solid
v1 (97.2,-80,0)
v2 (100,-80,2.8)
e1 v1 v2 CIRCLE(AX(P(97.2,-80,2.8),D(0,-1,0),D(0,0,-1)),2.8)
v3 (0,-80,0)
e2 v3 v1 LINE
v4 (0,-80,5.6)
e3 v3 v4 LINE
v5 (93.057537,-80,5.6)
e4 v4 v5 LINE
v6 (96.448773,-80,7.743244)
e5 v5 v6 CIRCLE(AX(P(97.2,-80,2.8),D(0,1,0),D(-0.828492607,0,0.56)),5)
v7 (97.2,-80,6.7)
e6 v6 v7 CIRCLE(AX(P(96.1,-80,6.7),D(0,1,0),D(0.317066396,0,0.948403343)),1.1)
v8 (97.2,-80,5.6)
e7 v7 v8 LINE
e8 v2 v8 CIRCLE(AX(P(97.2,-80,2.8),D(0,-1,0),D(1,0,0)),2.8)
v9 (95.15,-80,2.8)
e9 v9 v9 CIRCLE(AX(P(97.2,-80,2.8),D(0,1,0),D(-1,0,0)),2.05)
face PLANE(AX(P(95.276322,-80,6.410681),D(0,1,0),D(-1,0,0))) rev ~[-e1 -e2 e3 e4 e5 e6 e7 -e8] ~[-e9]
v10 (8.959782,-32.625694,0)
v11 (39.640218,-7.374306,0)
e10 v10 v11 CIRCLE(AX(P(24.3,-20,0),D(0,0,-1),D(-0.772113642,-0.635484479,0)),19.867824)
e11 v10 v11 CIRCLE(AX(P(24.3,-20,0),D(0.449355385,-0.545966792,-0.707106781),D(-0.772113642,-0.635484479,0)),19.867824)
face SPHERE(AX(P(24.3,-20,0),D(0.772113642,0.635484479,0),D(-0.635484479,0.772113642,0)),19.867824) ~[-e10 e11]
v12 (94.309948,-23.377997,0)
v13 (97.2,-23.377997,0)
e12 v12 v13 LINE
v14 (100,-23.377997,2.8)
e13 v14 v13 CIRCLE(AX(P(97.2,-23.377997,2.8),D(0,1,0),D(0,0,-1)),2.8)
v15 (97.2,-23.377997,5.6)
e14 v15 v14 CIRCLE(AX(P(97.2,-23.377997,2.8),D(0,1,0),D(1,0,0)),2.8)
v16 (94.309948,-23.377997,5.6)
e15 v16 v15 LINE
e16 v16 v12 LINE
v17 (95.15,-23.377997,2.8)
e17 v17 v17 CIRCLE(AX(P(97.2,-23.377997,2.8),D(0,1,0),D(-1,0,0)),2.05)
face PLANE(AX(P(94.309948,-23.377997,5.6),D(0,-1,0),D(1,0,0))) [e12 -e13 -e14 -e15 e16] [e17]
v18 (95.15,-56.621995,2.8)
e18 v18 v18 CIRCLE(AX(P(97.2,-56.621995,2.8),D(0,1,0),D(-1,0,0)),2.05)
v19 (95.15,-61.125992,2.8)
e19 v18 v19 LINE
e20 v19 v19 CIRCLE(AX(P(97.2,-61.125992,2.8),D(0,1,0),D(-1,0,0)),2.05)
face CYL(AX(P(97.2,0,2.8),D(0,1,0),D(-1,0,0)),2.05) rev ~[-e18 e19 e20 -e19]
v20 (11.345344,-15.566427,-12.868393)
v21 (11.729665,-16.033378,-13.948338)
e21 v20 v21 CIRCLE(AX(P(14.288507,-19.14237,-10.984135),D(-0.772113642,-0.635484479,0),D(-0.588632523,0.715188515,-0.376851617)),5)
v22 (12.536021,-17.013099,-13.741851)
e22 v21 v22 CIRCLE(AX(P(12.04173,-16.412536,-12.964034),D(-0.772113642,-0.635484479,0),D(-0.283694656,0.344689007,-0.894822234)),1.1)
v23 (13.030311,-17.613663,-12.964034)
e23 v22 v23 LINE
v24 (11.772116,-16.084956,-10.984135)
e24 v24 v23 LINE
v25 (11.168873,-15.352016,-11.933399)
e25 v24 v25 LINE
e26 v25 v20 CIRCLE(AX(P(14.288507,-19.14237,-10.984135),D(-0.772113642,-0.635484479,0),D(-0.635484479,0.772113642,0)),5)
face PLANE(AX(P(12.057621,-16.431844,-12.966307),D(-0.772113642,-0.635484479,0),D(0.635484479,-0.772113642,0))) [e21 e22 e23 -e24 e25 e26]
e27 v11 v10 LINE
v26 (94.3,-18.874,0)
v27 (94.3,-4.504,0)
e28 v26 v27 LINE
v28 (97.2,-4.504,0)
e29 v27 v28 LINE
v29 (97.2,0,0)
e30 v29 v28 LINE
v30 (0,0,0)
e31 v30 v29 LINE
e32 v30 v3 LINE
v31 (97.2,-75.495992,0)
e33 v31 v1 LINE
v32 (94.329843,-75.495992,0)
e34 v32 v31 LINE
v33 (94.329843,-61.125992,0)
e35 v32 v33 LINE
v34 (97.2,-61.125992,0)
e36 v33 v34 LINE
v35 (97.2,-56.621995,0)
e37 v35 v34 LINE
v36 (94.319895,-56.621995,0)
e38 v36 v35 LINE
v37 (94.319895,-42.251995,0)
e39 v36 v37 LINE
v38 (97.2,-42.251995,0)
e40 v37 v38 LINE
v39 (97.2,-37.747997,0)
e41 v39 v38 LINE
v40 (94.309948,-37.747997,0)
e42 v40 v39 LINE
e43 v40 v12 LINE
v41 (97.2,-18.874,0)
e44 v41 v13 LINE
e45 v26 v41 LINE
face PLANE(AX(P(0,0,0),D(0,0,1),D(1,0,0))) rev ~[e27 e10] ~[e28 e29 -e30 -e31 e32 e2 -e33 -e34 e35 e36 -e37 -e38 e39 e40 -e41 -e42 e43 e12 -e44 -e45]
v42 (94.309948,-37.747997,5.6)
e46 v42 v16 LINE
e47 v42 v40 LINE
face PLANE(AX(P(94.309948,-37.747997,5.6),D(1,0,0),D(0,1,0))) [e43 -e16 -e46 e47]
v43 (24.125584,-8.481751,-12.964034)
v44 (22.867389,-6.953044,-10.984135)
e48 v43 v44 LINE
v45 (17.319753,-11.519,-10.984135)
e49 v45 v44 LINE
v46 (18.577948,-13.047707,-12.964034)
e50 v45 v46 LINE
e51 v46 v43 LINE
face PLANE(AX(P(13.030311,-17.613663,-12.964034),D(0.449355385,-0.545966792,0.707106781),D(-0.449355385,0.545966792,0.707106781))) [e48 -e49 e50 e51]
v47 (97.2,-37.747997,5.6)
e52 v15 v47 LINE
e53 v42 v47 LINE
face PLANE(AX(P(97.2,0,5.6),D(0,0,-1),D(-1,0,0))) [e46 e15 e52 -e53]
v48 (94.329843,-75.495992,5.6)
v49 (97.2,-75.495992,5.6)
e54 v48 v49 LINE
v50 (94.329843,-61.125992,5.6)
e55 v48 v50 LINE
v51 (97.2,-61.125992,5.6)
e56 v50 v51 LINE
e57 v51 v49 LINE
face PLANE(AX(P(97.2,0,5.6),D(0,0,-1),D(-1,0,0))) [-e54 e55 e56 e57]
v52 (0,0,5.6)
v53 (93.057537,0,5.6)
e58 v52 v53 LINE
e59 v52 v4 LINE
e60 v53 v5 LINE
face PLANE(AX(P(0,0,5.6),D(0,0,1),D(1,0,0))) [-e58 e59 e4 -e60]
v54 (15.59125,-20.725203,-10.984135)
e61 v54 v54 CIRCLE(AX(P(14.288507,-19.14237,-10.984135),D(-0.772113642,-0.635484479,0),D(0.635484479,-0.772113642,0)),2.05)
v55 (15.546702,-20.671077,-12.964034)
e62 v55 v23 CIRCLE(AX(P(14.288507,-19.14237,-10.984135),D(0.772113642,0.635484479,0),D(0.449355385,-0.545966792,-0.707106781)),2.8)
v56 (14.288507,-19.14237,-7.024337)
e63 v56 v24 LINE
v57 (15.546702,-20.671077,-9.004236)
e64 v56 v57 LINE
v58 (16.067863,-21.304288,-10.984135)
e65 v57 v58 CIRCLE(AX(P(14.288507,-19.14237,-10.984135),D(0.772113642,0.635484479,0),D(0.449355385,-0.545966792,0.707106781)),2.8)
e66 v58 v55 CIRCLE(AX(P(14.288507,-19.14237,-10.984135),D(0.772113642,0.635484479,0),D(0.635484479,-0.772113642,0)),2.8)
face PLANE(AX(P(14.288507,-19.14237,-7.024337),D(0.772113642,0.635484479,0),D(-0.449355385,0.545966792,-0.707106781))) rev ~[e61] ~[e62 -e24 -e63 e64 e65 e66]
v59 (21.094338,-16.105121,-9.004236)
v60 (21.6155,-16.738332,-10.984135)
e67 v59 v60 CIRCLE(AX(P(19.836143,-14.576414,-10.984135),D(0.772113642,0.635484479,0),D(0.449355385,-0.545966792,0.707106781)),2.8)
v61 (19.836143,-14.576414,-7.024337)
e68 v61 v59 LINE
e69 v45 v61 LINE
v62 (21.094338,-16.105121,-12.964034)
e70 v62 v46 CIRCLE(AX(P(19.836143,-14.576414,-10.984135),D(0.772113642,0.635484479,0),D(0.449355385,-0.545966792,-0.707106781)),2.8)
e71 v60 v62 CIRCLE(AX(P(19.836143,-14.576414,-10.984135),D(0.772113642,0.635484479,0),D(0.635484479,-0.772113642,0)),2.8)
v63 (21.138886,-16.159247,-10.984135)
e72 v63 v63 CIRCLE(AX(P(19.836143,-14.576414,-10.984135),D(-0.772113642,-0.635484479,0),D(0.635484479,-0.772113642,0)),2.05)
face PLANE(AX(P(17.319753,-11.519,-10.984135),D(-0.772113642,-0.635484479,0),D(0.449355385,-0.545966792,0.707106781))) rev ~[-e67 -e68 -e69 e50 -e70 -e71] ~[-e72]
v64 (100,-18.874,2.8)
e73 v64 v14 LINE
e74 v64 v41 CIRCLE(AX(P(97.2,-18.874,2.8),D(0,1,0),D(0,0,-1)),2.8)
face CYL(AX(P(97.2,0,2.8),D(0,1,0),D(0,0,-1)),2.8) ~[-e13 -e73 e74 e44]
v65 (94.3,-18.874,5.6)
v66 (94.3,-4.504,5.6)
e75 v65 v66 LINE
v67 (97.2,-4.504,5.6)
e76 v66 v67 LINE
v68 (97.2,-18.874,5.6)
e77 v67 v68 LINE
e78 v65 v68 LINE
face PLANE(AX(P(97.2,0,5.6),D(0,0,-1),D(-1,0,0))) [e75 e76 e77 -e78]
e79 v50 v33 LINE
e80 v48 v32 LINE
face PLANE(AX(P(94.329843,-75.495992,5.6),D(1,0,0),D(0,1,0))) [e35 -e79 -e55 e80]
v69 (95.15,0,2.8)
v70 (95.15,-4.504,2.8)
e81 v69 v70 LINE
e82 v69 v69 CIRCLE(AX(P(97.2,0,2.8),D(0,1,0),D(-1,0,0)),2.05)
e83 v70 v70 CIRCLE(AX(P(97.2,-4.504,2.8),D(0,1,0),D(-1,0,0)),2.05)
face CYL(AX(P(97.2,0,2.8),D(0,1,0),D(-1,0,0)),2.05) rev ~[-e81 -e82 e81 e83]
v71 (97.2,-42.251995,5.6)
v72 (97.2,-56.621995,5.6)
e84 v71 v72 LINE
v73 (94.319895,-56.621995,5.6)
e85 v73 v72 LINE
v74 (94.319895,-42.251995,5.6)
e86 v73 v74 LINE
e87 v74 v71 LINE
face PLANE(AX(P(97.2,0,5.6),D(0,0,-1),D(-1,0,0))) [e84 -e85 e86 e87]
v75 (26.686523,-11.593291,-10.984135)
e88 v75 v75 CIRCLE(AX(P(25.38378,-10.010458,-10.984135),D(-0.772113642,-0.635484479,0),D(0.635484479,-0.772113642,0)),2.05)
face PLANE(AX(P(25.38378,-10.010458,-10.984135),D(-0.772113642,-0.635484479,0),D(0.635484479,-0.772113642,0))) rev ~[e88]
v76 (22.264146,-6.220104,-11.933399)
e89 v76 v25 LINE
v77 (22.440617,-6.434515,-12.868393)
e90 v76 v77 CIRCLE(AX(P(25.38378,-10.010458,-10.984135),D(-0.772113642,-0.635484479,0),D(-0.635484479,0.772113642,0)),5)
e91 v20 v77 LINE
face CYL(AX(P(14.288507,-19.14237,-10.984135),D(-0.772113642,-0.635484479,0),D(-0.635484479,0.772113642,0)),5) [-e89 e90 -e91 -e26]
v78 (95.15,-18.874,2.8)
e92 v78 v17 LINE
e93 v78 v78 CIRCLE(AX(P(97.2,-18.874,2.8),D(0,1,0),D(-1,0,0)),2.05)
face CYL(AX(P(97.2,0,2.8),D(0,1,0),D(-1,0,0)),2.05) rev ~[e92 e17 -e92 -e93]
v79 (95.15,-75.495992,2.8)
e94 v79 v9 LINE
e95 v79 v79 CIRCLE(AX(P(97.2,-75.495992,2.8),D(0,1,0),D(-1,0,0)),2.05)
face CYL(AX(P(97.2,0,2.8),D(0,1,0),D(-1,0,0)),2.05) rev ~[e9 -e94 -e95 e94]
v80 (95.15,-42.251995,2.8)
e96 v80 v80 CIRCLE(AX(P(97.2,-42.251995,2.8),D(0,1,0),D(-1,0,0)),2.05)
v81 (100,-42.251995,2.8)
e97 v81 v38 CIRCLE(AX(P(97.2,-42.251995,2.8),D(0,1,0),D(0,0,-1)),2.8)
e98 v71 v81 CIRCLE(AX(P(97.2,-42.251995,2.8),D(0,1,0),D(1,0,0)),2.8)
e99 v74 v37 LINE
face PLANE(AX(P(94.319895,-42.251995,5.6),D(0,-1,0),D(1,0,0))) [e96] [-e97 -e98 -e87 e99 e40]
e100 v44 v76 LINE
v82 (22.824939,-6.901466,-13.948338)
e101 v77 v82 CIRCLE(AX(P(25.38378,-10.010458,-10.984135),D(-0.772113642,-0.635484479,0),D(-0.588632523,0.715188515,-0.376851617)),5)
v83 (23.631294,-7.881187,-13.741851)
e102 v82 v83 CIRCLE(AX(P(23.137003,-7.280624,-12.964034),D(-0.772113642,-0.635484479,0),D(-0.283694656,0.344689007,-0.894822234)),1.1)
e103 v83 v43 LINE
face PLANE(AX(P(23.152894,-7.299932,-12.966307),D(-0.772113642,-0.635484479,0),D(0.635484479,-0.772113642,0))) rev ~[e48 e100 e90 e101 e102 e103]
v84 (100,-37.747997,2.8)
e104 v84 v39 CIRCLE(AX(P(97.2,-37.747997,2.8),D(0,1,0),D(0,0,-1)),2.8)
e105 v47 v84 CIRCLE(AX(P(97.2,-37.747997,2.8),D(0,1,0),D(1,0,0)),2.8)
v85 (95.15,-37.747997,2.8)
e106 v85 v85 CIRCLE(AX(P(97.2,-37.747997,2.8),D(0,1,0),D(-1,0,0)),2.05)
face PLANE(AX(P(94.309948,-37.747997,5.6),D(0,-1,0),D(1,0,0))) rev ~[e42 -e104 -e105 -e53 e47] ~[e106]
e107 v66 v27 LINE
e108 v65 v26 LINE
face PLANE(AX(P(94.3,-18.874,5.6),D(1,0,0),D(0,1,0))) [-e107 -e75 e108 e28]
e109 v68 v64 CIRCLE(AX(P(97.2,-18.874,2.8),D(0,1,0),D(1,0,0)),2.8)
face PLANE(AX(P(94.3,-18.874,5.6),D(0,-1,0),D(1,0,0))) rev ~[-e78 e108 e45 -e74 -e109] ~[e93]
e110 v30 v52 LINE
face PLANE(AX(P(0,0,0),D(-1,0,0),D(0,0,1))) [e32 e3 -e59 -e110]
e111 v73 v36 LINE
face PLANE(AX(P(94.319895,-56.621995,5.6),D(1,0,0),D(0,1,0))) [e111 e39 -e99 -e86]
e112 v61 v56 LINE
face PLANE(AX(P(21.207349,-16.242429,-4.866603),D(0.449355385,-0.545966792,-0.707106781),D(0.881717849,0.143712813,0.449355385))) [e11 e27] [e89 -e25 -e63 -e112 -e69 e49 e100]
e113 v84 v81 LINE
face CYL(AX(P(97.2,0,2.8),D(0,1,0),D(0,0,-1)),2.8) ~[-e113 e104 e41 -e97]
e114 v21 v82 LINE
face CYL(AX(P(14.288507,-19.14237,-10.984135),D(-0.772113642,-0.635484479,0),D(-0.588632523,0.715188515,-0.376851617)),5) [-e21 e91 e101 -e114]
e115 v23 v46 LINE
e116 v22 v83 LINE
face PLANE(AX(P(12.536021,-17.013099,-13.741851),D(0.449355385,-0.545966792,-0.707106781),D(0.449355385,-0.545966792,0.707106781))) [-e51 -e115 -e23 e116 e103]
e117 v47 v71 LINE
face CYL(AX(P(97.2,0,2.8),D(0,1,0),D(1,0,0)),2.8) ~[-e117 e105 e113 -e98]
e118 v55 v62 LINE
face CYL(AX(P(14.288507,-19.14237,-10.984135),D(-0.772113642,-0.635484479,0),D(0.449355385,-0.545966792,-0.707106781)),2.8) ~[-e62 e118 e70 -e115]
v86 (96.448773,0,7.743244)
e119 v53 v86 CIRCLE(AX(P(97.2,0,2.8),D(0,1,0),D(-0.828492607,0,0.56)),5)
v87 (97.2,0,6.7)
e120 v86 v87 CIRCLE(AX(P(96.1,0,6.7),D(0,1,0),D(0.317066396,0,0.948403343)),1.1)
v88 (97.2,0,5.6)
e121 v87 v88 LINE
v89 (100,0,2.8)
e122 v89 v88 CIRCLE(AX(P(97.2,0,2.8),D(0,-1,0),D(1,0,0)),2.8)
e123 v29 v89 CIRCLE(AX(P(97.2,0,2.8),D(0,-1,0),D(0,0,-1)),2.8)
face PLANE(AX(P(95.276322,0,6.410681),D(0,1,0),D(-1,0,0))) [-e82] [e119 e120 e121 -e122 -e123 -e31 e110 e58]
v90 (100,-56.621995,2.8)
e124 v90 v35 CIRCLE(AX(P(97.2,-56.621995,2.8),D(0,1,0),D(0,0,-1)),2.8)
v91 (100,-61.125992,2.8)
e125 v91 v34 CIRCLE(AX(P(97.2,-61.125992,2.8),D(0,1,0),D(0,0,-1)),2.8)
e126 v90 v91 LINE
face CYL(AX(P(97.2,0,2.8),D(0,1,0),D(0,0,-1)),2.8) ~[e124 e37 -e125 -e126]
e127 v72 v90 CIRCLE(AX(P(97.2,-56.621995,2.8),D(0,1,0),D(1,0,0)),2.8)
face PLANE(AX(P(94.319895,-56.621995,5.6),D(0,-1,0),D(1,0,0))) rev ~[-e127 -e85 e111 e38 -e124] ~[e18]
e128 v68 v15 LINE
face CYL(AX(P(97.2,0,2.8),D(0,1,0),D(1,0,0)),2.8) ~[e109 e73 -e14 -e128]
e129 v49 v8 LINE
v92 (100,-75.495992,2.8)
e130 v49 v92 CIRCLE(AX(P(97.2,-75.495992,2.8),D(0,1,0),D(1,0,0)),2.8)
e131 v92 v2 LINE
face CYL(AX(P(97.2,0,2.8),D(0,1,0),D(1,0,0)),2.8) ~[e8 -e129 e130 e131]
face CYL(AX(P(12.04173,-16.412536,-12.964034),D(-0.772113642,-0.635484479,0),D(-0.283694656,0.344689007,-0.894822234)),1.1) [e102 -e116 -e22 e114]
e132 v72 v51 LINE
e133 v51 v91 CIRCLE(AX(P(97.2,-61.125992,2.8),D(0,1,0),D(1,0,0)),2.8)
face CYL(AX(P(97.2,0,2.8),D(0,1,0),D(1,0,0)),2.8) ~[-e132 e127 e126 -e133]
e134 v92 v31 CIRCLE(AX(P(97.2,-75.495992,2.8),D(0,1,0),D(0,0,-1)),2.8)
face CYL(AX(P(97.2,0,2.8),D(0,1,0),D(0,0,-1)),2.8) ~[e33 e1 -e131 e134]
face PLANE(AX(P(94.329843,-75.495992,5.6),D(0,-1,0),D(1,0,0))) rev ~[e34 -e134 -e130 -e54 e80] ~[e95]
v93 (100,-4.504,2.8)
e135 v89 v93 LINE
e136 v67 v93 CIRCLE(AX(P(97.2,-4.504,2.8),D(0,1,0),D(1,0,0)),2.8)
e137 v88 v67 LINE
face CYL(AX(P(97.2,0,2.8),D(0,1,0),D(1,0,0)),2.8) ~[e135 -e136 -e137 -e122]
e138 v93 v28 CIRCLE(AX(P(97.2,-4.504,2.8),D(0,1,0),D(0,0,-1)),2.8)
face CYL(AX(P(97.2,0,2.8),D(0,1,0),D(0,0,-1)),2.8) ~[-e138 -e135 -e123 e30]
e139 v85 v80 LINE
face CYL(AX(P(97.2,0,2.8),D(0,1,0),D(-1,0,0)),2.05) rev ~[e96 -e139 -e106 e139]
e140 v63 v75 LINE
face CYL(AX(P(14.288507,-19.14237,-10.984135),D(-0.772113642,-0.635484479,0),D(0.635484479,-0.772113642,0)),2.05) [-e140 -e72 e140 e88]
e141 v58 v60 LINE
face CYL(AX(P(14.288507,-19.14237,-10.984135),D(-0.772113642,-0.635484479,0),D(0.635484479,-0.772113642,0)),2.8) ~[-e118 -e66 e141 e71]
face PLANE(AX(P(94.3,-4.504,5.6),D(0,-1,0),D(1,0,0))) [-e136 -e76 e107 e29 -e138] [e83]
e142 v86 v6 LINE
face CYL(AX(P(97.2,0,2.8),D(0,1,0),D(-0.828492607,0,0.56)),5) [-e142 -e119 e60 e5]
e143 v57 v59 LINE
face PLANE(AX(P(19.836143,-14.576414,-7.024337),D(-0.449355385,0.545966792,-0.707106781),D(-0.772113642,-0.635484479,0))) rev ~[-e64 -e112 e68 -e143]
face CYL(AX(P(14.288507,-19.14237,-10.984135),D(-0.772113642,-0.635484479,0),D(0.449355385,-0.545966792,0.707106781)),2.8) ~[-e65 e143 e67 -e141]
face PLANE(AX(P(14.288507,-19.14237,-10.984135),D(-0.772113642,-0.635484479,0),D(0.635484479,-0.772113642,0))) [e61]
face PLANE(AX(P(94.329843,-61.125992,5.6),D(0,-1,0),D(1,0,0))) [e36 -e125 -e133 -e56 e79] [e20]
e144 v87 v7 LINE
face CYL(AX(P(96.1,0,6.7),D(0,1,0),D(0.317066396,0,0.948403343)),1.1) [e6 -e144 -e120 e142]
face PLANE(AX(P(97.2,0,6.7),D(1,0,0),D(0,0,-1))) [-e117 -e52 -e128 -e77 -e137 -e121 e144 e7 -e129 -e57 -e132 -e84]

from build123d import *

# Parameters (mm, degrees)
F0_W      = 100
F0_H      = 5.6
F1_DEPTH  = 80
F3_R      = 2.05
F4_DEPTH  = 80
F2_W      = 5.7
F2_H      = 14.37
F2_W_2    = 5.6900524584
F2_W_3    = 5.6801049167
F2_W_4    = 5.6701573751
F5_DEPTH  = 5.6
F6_DEPTH  = 80
F8_ANGLE  = 45
F10_DEPTH = 5.6
F12_DEPTH = 7.185
F11_R     = 2.05
F13_DEPTH = 14.37


with BuildPart() as f1:
    # F0 (on Front) → F1 (new body)
    with BuildSketch(Plane.XZ):
        with Locations((50, 2.8)):
            Rectangle(F0_W, F0_H)
    extrude(amount=F1_DEPTH)

    # F3 (on face) → F4 (cut)
    with BuildSketch(Plane(origin=(0, 0, 0), x_dir=(-1, 0, 0), z_dir=(0, 1, 0))):
        with BuildLine():
            ThreePointArc((-100, 2.8), (-99.1798989873, 4.7798989873), (-97.2, 5.6))
            Line((-97.2, 5.6), (-100, 5.6))
            Line((-100, 5.6), (-100, 2.8))
        make_face()
        with BuildLine():
            ThreePointArc((-97.2, 0), (-99.1798989873, 0.8201010127), (-100, 2.8))
            Line((-100, 2.8), (-100, 0))
            Line((-100, 0), (-97.2, 0))
        make_face()
        with Locations((-97.2, 2.8)):
            Circle(F3_R)
    extrude(amount=-F4_DEPTH, mode=Mode.SUBTRACT)

    # F2 (on face) → F5 (cut)
    with BuildSketch(Plane.XY.offset(5.6)):
        with Locations((97.15, -11.689)):
            Rectangle(F2_W, F2_H)
        with Locations((97.1549737708, -30.5629973786)):
            Rectangle(F2_W_2, F2_H)
        with Locations((97.1599475416, -49.4369947571)):
            Rectangle(F2_W_3, F2_H)
        with Locations((97.1649213125, -68.3109921357)):
            Rectangle(F2_W_4, F2_H)
    extrude(amount=-F5_DEPTH, mode=Mode.SUBTRACT)

    # F3 (on face) → F6 (join)
    with BuildSketch(Plane(origin=(0, 0, 0), x_dir=(-1, 0, 0), z_dir=(0, 1, 0))):
        with BuildLine():
            ThreePointArc((-96.4487730361, 7.7432436768), (-96.9926506427, 7.3427867688), (-97.2, 6.7))
            ThreePointArc((-97.2, 6.7), (-96.8778174593, 5.9221825407), (-96.1, 5.6))
            Line((-96.1, 5.6), (-94.4, 5.6))
            Line((-94.4, 5.6), (-93.0575369646, 5.6))
            ThreePointArc((-93.0575369646, 5.6), (-94.5287785908, 7.0266507051), (-96.4487730361, 7.7432436768))
        make_face()
        with BuildLine():
            ThreePointArc((-96.1, 5.6), (-96.8778174593, 5.9221825407), (-97.2, 6.7))
            Line((-97.2, 6.7), (-97.2, 5.6))
            Line((-97.2, 5.6), (-96.1, 5.6))
        make_face()
    extrude(amount=-F6_DEPTH)

    # F7 (on face) → F8 (revolve)
    with BuildSketch(Plane(origin=(0, 0, 0), x_dir=(1, 0, 0), z_dir=(0, 0, -1))):
        with BuildLine():
            Line((39.6402182962, 7.3743059291), (8.9597817038, 32.6256940709))
            ThreePointArc((8.9597817038, 32.6256940709), (11.6743059291, 4.6597817038), (39.6402182962, 7.3743059291))
        make_face()
    revolve(axis=Axis((24.3, -20, 0), (-0.7721136423, -0.6354844793, 0)), revolution_arc=F8_ANGLE)

    # F9 (on face) → F10 (join)
    with BuildSketch(Plane(origin=(9.8133247181, -11.9231895325, -15.442272846), x_dir=(0.8933530871, 0.274620552, 0.3556737467), z_dir=(0.4493553846, -0.5459667923, -0.7071067812))):
        Polygon((8.4025323119, 2.4046372142), (11.2193246755, 7.2446455593), (5.0094211114, 10.8586907615), (2.1926287478, 6.0186824164), align=None)
    extrude(amount=F10_DEPTH)

    # F11 (on face) → F12 (cut)
    with BuildSketch(Plane(origin=(-0.874285956, -0.7195769186, 0), x_dir=(0.6354844793, -0.7721136423, 0), z_dir=(-0.7721136423, -0.6354844793, 0))):
        with BuildLine():
            ThreePointArc((25.8401079833, -12.9640336579), (23.8602089959, -13.7841346706), (21.8803100086, -12.9640336579))
            Line((21.8803100086, -12.9640336579), (23.8602089959, -14.9439326453))
            Line((23.8602089959, -14.9439326453), (25.8401079833, -12.9640336579))
        make_face()
        with BuildLine():
            Line((27.8200069706, -10.9841346706), (25.8401079833, -9.0042356833))
            ThreePointArc((25.8401079833, -9.0042356833), (26.447071687, -9.91262106), (26.6602089959, -10.9841346706))
            ThreePointArc((26.6602089959, -10.9841346706), (26.447071687, -12.0556482812), (25.8401079833, -12.9640336579))
            Line((25.8401079833, -12.9640336579), (27.8200069706, -10.9841346706))
        make_face()
    extrude(amount=-F12_DEPTH, mode=Mode.SUBTRACT)

    # F11 (on face) → F13 (join)
    with BuildSketch(Plane(origin=(-0.874285956, -0.7195769186, 0), x_dir=(0.6354844793, -0.7721136423, 0), z_dir=(-0.7721136423, -0.6354844793, 0))):
        with BuildLine():
            ThreePointArc((21.1024925493, -12.1862161986), (19.9483442634, -11.9304113338), (19.228840788, -12.8683927535))
            ThreePointArc((19.228840788, -12.8683927535), (19.4976789162, -13.4271515153), (19.8336101906, -13.9483381152))
            ThreePointArc((19.8336101906, -13.9483381152), (20.5013555296, -14.0497518637), (21.1024925493, -13.7418511172))
            ThreePointArc((21.1024925493, -13.7418511172), (21.42467509, -12.9640336579), (21.1024925493, -12.1862161986))
        make_face()
        with BuildLine():
            Line((19.9004110213, -10.9841346706), (18.8602089959, -10.9841346706))
            ThreePointArc((18.8602089959, -10.9841346706), (18.9532322771, -11.9441239832), (19.228840788, -12.8683927535))
            ThreePointArc((19.228840788, -12.8683927535), (19.9483442634, -11.9304113338), (21.1024925493, -12.1862161986))
            Line((21.1024925493, -12.1862161986), (19.9004110213, -10.9841346706))
        make_face()
        with BuildLine():
            Line((21.8803100086, -12.9640336579), (21.1024925493, -12.1862161986))
            ThreePointArc((21.1024925493, -12.1862161986), (21.42467509, -12.9640336579), (21.1024925493, -13.7418511172))
            Line((21.1024925493, -13.7418511172), (21.8803100086, -12.9640336579))
        make_face()
        with Locations((23.8602089959, -10.9841346706)):
            Circle(F11_R)
    extrude(amount=-F13_DEPTH)


solid = f1.part
